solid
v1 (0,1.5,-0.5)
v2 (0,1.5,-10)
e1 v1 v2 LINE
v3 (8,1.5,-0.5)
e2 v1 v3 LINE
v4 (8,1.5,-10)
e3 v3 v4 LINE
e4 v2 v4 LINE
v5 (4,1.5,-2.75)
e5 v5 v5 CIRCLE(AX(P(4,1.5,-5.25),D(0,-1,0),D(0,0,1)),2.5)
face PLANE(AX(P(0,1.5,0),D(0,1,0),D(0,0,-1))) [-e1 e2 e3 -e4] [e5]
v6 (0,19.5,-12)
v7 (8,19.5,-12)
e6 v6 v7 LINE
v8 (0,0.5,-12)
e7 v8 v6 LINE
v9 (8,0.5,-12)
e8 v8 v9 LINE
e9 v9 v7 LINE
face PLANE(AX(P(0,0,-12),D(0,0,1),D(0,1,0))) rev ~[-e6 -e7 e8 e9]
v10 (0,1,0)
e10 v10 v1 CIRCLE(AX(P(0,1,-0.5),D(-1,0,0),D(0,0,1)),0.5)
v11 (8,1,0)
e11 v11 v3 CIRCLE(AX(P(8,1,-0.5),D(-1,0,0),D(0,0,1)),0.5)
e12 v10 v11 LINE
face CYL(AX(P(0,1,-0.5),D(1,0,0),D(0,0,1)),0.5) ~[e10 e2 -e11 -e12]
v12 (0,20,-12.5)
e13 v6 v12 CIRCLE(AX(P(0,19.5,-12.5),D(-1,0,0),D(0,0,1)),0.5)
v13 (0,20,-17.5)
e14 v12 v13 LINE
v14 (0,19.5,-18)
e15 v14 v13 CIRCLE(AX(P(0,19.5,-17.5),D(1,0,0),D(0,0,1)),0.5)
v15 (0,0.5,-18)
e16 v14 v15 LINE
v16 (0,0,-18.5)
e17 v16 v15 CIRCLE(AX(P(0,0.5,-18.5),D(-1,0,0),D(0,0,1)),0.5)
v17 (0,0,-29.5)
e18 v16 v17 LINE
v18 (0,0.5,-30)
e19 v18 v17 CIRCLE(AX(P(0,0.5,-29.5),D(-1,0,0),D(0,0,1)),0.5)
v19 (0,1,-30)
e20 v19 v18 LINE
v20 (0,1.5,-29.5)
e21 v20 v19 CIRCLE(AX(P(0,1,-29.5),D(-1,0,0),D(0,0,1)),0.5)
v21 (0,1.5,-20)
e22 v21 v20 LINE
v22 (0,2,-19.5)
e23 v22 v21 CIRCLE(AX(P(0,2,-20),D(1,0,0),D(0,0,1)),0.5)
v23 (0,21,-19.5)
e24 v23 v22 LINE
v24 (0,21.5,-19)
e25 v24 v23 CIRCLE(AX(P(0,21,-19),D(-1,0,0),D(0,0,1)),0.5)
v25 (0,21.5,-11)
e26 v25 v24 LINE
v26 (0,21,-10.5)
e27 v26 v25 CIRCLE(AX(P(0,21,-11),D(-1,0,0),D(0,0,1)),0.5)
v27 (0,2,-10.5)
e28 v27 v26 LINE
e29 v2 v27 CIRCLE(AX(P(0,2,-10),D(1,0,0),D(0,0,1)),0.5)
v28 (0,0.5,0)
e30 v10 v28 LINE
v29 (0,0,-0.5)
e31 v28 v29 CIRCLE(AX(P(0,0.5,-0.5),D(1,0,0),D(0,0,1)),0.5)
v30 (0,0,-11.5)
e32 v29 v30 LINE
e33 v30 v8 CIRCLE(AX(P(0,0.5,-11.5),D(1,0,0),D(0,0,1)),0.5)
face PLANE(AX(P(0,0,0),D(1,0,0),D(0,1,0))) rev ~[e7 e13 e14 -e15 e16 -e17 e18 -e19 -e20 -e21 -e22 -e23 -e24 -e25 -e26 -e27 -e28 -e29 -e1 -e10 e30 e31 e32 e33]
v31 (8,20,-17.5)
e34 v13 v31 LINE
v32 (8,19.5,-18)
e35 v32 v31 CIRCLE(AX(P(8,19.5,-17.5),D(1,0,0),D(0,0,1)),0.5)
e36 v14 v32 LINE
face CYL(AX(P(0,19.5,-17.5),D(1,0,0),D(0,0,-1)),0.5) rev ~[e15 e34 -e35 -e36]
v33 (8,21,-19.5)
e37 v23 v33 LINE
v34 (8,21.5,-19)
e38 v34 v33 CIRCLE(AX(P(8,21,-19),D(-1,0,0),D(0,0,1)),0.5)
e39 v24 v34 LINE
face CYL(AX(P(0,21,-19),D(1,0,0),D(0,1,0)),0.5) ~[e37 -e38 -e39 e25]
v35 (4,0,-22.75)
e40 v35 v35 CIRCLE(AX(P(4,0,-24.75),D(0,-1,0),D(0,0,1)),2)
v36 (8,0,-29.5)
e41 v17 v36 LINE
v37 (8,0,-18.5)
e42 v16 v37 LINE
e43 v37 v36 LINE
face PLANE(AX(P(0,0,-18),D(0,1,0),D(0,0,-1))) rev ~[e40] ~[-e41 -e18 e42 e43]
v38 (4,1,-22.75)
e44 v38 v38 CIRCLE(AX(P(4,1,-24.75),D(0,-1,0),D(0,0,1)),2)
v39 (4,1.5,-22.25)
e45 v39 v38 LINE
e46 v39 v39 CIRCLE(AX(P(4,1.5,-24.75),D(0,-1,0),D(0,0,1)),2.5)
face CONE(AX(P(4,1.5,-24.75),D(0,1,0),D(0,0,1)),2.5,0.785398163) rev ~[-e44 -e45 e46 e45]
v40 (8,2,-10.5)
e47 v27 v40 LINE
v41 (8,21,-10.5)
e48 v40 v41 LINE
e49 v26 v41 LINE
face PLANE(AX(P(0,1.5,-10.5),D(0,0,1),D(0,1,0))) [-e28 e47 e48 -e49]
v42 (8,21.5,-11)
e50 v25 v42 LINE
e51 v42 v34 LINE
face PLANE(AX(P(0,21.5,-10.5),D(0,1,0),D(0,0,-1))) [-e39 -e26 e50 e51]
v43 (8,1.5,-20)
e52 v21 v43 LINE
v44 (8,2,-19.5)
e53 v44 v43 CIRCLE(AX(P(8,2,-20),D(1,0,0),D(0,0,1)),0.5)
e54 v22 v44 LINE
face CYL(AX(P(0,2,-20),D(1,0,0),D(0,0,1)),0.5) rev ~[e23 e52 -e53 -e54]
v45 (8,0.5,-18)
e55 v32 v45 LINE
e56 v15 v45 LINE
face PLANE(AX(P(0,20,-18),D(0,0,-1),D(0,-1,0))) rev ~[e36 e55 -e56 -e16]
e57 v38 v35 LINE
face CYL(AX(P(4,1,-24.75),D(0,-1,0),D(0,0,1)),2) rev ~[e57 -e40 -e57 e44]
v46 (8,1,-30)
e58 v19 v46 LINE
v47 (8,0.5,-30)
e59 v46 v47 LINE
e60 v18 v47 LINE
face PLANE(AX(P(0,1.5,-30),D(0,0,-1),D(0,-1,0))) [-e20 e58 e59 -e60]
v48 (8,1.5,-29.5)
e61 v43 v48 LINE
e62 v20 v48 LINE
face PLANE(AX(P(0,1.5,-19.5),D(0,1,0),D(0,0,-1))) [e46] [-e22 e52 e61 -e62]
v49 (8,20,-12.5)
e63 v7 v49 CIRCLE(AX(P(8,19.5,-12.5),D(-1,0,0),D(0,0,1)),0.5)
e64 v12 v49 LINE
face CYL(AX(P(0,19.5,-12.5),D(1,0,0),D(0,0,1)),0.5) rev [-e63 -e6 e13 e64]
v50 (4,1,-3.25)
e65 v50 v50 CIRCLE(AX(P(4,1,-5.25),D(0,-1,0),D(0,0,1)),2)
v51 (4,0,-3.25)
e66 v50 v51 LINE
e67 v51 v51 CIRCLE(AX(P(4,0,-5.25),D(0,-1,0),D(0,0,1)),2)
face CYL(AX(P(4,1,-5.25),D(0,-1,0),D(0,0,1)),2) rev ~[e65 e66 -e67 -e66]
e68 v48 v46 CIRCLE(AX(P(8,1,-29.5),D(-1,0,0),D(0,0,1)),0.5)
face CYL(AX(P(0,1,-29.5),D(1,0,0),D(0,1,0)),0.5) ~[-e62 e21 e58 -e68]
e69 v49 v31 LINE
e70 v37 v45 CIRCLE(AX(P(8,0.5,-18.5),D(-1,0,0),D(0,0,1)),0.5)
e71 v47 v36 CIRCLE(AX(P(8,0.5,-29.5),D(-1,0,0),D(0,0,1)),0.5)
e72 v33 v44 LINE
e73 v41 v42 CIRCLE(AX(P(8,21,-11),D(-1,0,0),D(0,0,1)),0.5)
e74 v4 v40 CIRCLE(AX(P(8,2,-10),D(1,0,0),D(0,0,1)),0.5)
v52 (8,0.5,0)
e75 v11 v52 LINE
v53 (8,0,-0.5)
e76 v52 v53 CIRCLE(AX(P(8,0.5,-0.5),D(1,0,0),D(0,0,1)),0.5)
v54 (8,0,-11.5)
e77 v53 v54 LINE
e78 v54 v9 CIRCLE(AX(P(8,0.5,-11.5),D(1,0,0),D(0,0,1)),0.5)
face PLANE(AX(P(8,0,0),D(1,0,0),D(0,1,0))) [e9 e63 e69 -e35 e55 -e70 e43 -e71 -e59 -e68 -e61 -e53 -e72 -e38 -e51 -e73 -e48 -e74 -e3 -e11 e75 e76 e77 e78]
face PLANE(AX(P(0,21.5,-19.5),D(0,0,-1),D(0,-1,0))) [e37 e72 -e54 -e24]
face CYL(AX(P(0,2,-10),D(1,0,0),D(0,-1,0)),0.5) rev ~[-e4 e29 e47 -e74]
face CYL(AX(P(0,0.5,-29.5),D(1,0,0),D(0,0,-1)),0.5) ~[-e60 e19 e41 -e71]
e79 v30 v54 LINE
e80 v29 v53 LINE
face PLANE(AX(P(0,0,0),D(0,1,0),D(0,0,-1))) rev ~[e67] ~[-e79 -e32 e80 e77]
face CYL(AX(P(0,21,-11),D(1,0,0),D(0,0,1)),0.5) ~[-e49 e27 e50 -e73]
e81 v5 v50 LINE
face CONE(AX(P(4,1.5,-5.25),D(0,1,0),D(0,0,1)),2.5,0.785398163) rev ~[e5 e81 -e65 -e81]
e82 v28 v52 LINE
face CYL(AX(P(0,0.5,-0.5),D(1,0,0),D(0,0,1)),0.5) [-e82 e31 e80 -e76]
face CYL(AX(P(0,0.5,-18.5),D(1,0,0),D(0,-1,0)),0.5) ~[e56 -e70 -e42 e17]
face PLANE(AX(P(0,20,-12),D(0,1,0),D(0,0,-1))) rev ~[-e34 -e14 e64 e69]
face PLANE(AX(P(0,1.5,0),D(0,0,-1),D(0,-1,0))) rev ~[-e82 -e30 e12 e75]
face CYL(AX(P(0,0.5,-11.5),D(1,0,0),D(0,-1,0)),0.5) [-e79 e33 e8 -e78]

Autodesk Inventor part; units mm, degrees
ref_plane "YZ Plane" through (0, 0, 0) normal (1, 0, 0) x (0, 1, 0)
ref_plane "XZ Plane" through (0, 0, 0) normal (0, 1, 0) x (-1, 0, 0)
ref_plane "XY Plane" through (0, 0, 0) normal (0, 0, 1) x (1, 0, 0)
sketch "Sketch1" plane through (0, 0, 0) normal (1, 0, 0) x (0, 1, 0)
  line L0 (0, 0) -> (0, -12)
  line L1 (0, -12) -> (20, -12)
  line L2 (20, -12) -> (20, -18)
  line L3 (20, -18) -> (0, -18)
  line L4 (0, -18) -> (0, -30)
  line L5 (1.5, 0) -> (1.5, -10.5)
  line L6 (1.5, -10.5) -> (21.5, -10.5)
  line L7 (21.5, -10.5) -> (21.5, -19.5)
  line L8 (21.5, -19.5) -> (1.5, -19.5)
  line L9 (1.5, -19.5) -> (1.5, -30)
  line L10 (1.5, 0) -> (0, 0)
  line L11 (1.5, -30) -> (0, -30)
  dimension "d0" = 12
  dimension "d1" = 12
  dimension "d2" = 6
  dimension "d3" = 20
  dimension "d4" = 1.5
extrude "Extrusion1" add sketch "Sketch1" along normal blind 8
sketch "Sketch2" plane through (0, 1.5, 0) normal (0, 1, 0) x (1, 0, 0)
  line L0 (0, 0) -> (8, 0) construction
  line L1 (0, 10.5) -> (0, 0) construction
  line L2 (0, 30) -> (0, 19.5) construction
  point P0 (4, 5.25)
  point P1 (4, 24.75)
  point P2 (0, 5.25)
  point P3 (0, 24.75)
  point P4 (4, 0)
  point P5 (4, 0)
hole "Hole1" at (4, 1.5, -5.25) at (4, 1.5, -24.75) direction (0, -1, 0) diameter 4 end through all countersink diameter 5 countersink angle 90
fillet "Fillet1" radius 0.5 12 edges at (4, 21.5, -10.5) (4, 21.5, -19.5) (4, 20, -12) (4, 20, -18) (4, 0, -12) (4, 0, -18) (4, 1.5, -10.5) (4, 1.5, -19.5) (4, 1.5, -30) (4, 0, -30) (4, 1.5, 0) (4, 0, 0)
properties part number "CLIP V1"
